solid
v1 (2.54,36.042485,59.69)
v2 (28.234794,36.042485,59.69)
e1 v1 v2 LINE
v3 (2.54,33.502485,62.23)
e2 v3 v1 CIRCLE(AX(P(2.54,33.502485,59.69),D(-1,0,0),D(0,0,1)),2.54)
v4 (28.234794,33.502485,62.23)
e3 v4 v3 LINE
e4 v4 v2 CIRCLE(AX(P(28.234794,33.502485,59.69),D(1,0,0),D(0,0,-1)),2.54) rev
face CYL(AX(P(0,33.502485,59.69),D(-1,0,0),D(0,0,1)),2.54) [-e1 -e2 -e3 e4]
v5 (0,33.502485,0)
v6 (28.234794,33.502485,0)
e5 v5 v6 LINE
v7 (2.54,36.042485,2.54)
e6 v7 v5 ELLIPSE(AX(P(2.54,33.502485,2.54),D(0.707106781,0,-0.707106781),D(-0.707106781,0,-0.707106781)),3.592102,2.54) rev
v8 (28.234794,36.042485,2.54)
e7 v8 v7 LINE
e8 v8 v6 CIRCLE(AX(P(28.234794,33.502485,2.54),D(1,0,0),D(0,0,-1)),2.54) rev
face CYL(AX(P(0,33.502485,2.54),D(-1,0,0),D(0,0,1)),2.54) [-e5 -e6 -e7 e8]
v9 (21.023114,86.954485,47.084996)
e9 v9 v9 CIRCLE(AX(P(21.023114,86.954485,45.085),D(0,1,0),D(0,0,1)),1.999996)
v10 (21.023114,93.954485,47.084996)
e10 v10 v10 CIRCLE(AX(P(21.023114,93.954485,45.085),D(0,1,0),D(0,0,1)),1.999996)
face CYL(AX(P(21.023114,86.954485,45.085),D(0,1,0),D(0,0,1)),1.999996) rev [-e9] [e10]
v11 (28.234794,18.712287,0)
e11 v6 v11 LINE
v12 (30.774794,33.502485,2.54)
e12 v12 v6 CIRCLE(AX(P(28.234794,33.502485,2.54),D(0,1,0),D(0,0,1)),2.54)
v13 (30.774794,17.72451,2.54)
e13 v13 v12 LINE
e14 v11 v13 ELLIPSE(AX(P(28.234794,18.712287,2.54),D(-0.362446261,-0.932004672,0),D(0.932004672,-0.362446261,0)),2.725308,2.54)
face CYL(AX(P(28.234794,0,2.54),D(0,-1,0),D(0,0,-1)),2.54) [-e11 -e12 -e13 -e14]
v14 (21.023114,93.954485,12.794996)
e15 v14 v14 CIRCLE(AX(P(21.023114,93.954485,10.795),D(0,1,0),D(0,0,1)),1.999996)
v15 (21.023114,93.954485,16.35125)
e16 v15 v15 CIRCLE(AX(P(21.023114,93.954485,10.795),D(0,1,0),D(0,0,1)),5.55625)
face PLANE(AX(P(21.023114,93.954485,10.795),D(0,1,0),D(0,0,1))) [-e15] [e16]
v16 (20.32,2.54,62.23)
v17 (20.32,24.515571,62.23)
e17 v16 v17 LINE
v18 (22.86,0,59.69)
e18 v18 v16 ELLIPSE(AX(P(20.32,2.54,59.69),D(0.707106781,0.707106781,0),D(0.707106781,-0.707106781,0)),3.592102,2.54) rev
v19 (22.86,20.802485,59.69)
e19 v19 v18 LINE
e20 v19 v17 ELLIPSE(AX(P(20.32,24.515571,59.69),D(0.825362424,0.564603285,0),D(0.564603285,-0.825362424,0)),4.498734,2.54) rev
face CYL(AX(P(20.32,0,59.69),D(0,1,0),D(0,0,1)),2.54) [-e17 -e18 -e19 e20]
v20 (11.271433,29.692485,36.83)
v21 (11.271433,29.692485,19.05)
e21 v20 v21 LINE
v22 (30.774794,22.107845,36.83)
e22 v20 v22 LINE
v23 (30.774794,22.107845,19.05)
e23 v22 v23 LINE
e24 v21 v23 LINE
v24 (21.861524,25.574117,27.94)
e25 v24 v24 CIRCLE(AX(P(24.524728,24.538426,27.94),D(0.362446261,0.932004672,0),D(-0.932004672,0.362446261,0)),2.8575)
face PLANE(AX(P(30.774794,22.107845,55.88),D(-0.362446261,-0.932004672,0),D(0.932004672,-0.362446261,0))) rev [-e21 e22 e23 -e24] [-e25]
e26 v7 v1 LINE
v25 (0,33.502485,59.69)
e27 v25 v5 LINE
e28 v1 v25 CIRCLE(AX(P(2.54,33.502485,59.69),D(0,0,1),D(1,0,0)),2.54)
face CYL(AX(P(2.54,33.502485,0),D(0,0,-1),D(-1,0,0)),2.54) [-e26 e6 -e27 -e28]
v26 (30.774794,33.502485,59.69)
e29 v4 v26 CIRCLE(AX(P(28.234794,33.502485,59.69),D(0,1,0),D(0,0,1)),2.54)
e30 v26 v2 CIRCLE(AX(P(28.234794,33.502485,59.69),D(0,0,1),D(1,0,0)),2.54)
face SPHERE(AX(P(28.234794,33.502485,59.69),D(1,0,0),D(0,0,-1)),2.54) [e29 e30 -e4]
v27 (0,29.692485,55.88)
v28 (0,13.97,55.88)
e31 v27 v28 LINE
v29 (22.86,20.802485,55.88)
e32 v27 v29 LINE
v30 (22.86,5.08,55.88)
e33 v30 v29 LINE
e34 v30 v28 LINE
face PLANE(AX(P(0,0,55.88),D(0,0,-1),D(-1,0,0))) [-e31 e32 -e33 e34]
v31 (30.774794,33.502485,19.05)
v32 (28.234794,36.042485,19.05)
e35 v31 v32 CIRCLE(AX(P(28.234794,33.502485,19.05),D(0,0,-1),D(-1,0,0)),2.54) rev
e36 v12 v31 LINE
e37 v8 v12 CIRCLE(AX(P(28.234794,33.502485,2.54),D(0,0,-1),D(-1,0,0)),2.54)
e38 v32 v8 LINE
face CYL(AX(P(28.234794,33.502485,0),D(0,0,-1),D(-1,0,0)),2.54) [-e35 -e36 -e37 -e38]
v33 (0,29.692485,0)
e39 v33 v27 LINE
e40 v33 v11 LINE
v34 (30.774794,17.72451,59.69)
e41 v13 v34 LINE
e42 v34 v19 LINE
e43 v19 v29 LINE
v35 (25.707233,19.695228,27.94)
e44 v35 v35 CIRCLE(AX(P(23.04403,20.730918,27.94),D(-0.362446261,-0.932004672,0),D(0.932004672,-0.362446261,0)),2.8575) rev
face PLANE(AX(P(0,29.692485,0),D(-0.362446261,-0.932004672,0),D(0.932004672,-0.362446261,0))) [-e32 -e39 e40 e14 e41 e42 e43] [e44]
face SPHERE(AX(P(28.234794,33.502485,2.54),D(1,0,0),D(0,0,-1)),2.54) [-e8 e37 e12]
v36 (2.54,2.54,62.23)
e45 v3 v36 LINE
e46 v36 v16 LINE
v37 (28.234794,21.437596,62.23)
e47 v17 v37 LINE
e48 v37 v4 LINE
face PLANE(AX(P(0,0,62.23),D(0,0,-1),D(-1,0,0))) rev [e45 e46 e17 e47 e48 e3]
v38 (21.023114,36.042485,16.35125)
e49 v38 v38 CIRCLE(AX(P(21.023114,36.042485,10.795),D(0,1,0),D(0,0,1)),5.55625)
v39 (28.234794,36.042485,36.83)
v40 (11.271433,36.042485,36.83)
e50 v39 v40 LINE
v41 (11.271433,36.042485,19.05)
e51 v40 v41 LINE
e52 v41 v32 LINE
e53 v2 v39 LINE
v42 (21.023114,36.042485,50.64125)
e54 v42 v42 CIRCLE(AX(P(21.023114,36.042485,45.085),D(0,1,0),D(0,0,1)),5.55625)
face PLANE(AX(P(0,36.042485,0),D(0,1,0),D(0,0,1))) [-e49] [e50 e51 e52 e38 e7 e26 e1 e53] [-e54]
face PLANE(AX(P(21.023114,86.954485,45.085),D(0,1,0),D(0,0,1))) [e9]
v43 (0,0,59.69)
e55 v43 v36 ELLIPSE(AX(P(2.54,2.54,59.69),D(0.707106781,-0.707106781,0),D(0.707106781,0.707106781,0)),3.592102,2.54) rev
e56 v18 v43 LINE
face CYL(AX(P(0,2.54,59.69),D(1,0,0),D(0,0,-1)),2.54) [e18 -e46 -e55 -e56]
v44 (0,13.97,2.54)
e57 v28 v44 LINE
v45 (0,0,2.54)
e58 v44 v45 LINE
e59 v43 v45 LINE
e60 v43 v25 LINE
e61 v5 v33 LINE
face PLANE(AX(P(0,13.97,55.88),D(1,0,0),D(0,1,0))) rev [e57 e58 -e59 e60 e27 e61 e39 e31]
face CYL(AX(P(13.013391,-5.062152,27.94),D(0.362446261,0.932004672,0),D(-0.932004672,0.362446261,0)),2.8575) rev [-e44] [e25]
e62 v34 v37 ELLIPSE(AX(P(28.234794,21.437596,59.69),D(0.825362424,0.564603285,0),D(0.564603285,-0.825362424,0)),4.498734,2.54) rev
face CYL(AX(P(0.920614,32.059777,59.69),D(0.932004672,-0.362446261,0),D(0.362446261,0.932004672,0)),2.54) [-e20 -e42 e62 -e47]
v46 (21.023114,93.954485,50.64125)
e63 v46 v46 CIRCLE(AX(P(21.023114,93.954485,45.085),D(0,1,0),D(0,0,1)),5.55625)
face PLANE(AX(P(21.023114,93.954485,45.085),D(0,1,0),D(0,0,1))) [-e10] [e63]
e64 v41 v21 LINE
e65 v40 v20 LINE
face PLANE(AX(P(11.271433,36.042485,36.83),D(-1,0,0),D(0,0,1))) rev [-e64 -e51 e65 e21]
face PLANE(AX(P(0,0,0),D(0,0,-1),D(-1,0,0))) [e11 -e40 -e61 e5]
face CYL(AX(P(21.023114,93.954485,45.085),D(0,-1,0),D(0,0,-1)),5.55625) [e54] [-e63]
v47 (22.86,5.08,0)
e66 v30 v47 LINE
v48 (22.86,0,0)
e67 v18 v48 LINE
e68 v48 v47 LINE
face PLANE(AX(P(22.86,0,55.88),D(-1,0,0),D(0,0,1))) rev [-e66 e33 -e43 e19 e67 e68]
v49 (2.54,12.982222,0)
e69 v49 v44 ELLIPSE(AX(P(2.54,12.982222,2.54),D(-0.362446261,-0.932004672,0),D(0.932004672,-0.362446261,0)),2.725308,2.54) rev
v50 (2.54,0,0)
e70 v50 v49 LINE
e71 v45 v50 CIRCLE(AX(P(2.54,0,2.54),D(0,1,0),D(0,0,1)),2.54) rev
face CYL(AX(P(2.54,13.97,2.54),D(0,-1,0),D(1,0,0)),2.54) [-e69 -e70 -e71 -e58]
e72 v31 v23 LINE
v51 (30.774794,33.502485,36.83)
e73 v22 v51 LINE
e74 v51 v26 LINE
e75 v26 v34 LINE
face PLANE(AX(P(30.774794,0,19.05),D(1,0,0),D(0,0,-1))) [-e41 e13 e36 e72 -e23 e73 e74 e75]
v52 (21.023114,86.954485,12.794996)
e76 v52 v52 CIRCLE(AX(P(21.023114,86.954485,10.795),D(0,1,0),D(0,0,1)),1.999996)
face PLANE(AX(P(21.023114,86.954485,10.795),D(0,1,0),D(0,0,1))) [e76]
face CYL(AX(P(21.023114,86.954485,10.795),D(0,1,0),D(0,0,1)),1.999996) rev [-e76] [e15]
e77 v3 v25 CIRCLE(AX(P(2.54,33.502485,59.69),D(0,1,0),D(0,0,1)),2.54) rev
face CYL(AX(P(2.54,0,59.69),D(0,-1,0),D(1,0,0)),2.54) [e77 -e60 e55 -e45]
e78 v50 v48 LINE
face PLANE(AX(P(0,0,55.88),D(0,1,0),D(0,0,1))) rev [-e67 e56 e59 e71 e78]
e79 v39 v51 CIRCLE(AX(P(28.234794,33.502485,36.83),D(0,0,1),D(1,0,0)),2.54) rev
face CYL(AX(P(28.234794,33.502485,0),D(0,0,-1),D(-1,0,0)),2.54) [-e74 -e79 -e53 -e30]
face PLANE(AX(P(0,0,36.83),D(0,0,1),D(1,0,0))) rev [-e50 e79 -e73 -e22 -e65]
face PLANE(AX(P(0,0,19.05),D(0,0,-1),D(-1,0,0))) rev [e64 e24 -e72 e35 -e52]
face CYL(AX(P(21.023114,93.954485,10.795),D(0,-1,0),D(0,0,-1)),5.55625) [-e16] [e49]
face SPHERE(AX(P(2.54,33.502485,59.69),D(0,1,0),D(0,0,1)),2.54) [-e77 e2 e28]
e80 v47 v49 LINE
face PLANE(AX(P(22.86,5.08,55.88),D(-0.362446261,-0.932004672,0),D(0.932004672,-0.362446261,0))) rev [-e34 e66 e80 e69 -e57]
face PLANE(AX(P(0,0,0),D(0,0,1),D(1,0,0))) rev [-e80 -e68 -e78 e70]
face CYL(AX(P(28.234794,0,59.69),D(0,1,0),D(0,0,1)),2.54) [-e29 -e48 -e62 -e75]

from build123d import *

# Parameters (mm, degrees)
BOSS_EXTRUDE1_DEPTH = 55.88
SKETCH2_W           = 22.86
SKETCH2_H           = 29.69248518
BOSS_EXTRUDE2_DEPTH = 6.35
BOSS_EXTRUDE3_DEPTH = 55.88
CUT_EXTRUDE1_DEPTH  = 55.88
BOSS_EXTRUDE5_DEPTH = 19.05
BOSS_EXTRUDE6_DEPTH = 19.05
SKETCH8_R           = 2.8575
CUT_EXTRUDE2_DEPTH  = 4.085289
SKETCH9_R           = 5.55625
BOSS_EXTRUDE7_DEPTH = 64.262
SKETCH11_R          = 1.999996
CUT_EXTRUDE3_DEPTH  = 6.99999997
BOSS_EXTRUDE8_DEPTH = 6.35
BOSS_EXTRUDE9_DEPTH = 6.35
FILLET3_R           = 2.54


with BuildPart() as part:
    # Sketch1 → Boss-Extrude1 (new body)
    with BuildSketch(Plane.XY):
        Polygon((0, 0), (22.86, 0), (22.86, 5.08), (0, 13.97), align=None)
    extrude(amount=BOSS_EXTRUDE1_DEPTH)

    # Sketch2 → Boss-Extrude2 (add)
    with BuildSketch(Plane.XY.offset(55.88)):
        with Locations((11.43, 14.84624259)):
            Rectangle(SKETCH2_W, SKETCH2_H)
    extrude(amount=BOSS_EXTRUDE2_DEPTH)

    # Sketch3 → Boss-Extrude3 (add)
    with BuildSketch(Plane(origin=(0, 0, 55.88), x_dir=(-1, 0, 0), z_dir=(0, 0, -1))):
        Polygon((-22.86, 29.69248518), (0, 29.69248518), (-30.774794254, 17.724509637), (-30.774794254, 29.69248518), align=None)
    extrude(amount=BOSS_EXTRUDE3_DEPTH)

    # Sketch5 → Cut-Extrude1 (cut)
    with BuildSketch(Plane(origin=(0, 0, 0), x_dir=(-1, 0, 0), z_dir=(0, 0, -1))):
        Polygon((-30.774794254, 22.107844851), (-11.271433408, 29.69248518), (-30.774794254, 29.69248518), align=None)
    extrude(amount=-CUT_EXTRUDE1_DEPTH, mode=Mode.SUBTRACT)

    # Sketch7 → Boss-Extrude6 (add)
    with BuildSketch(Plane.XY.offset(55.88)):
        Polygon((30.774794254, 22.107844851), (30.774794254, 29.69248518), (11.271433408, 29.69248518), align=None)
    extrude(amount=-BOSS_EXTRUDE6_DEPTH)

    # Sketch8 → Cut-Extrude2 (cut)
    with BuildSketch(Plane(origin=(11.510866943, 29.599372139, 0), x_dir=(0.9320046715412958, -0.36244626115494866, 0), z_dir=(0.36244626115494866, 0.9320046715412958, 0))):
        with Locations(Location((13.963299783, -27.94, 0), (0, 0, 180))):
            Circle(SKETCH8_R)
    extrude(amount=-CUT_EXTRUDE2_DEPTH, mode=Mode.SUBTRACT)



with BuildPart() as body_2:
    # Sketch6 → Boss-Extrude5 (new body)
    with BuildSketch(Plane(origin=(0, 0, 0), x_dir=(-1, 0, 0), z_dir=(0, 0, -1))):
        Polygon((-30.774794254, 29.69248518), (-30.774794254, 22.107844851), (-11.271433408, 29.69248518), align=None)
    extrude(amount=-BOSS_EXTRUDE5_DEPTH)


with BuildPart() as part_1:
    add(part.part)

    add(body_2.part)  # Boss-Extrude7 merges body 2
    # Sketch9 → Boss-Extrude7 (add)
    with BuildSketch(Plane(origin=(0, 29.69248518, 0), x_dir=(1, 0, 0), z_dir=(0, 1, 0))):
        with Locations(Location((21.023113831, -10.795, 0), (0, 0, 270))):
            Circle(SKETCH9_R)
        with Locations(Location((21.023113831, -45.085, 0), (0, 0, 270))):
            Circle(SKETCH9_R)
    extrude(amount=BOSS_EXTRUDE7_DEPTH)

    # Sketch11 → Cut-Extrude3 (cut)
    with BuildSketch(Plane(origin=(0, 93.95448518, 0), x_dir=(1, 0, 0), z_dir=(0, 1, 0))):
        with Locations(Location((21.023113831, -10.795, 0), (0, 0, 270))):
            Circle(SKETCH11_R)
        with Locations(Location((21.023113831, -45.085, 0), (0, 0, 270))):
            Circle(SKETCH11_R)
    extrude(amount=-CUT_EXTRUDE3_DEPTH, mode=Mode.SUBTRACT)

    # Sketch12 → Boss-Extrude8 (add)
    with BuildSketch(Plane.XY.offset(55.88)):
        Polygon((22.86, 29.69248518), (30.774794254, 29.69248518), (30.774794254, 17.724509637), (22.86, 20.80248518), align=None)
    extrude(amount=BOSS_EXTRUDE8_DEPTH)

    # Sketch14 → Boss-Extrude9 (add)
    with BuildSketch(Plane(origin=(0, 29.69248518, 0), x_dir=(1, 0, 0), z_dir=(0, 1, 0))):
        Polygon((0, 0), (0, -62.23), (30.774794254, -62.23), (30.774794254, -36.83), (11.271433408, -36.83), (11.271433408, -19.05), (30.774794254, -19.05), (30.774794254, 0), align=None)
    extrude(amount=BOSS_EXTRUDE9_DEPTH)

    # Fillet3
    fillet3_edges = [part_1.edges().sort_by_distance(p)[0] for p in [
        (0, 18.02124259, 62.23),
        (15.387397127, 36.04248518, 62.23),
        (30.774794254, 26.883497409, 0),
        (30.774794254, 26.883497409, 62.23),
        (26.817397127, 19.263497409, 62.23),
        (22.86, 10.40124259, 62.23),
        (11.43, 0, 62.23),
        (0, 6.985, 0),
        (15.387397127, 36.04248518, 0),
        (0, 36.04248518, 31.115),
        (30.774794254, 36.04248518, 49.53),
        (30.774794254, 36.04248518, 9.525),
    ]]
    fillet(fillet3_edges, radius=FILLET3_R)


solid = part_1.part
